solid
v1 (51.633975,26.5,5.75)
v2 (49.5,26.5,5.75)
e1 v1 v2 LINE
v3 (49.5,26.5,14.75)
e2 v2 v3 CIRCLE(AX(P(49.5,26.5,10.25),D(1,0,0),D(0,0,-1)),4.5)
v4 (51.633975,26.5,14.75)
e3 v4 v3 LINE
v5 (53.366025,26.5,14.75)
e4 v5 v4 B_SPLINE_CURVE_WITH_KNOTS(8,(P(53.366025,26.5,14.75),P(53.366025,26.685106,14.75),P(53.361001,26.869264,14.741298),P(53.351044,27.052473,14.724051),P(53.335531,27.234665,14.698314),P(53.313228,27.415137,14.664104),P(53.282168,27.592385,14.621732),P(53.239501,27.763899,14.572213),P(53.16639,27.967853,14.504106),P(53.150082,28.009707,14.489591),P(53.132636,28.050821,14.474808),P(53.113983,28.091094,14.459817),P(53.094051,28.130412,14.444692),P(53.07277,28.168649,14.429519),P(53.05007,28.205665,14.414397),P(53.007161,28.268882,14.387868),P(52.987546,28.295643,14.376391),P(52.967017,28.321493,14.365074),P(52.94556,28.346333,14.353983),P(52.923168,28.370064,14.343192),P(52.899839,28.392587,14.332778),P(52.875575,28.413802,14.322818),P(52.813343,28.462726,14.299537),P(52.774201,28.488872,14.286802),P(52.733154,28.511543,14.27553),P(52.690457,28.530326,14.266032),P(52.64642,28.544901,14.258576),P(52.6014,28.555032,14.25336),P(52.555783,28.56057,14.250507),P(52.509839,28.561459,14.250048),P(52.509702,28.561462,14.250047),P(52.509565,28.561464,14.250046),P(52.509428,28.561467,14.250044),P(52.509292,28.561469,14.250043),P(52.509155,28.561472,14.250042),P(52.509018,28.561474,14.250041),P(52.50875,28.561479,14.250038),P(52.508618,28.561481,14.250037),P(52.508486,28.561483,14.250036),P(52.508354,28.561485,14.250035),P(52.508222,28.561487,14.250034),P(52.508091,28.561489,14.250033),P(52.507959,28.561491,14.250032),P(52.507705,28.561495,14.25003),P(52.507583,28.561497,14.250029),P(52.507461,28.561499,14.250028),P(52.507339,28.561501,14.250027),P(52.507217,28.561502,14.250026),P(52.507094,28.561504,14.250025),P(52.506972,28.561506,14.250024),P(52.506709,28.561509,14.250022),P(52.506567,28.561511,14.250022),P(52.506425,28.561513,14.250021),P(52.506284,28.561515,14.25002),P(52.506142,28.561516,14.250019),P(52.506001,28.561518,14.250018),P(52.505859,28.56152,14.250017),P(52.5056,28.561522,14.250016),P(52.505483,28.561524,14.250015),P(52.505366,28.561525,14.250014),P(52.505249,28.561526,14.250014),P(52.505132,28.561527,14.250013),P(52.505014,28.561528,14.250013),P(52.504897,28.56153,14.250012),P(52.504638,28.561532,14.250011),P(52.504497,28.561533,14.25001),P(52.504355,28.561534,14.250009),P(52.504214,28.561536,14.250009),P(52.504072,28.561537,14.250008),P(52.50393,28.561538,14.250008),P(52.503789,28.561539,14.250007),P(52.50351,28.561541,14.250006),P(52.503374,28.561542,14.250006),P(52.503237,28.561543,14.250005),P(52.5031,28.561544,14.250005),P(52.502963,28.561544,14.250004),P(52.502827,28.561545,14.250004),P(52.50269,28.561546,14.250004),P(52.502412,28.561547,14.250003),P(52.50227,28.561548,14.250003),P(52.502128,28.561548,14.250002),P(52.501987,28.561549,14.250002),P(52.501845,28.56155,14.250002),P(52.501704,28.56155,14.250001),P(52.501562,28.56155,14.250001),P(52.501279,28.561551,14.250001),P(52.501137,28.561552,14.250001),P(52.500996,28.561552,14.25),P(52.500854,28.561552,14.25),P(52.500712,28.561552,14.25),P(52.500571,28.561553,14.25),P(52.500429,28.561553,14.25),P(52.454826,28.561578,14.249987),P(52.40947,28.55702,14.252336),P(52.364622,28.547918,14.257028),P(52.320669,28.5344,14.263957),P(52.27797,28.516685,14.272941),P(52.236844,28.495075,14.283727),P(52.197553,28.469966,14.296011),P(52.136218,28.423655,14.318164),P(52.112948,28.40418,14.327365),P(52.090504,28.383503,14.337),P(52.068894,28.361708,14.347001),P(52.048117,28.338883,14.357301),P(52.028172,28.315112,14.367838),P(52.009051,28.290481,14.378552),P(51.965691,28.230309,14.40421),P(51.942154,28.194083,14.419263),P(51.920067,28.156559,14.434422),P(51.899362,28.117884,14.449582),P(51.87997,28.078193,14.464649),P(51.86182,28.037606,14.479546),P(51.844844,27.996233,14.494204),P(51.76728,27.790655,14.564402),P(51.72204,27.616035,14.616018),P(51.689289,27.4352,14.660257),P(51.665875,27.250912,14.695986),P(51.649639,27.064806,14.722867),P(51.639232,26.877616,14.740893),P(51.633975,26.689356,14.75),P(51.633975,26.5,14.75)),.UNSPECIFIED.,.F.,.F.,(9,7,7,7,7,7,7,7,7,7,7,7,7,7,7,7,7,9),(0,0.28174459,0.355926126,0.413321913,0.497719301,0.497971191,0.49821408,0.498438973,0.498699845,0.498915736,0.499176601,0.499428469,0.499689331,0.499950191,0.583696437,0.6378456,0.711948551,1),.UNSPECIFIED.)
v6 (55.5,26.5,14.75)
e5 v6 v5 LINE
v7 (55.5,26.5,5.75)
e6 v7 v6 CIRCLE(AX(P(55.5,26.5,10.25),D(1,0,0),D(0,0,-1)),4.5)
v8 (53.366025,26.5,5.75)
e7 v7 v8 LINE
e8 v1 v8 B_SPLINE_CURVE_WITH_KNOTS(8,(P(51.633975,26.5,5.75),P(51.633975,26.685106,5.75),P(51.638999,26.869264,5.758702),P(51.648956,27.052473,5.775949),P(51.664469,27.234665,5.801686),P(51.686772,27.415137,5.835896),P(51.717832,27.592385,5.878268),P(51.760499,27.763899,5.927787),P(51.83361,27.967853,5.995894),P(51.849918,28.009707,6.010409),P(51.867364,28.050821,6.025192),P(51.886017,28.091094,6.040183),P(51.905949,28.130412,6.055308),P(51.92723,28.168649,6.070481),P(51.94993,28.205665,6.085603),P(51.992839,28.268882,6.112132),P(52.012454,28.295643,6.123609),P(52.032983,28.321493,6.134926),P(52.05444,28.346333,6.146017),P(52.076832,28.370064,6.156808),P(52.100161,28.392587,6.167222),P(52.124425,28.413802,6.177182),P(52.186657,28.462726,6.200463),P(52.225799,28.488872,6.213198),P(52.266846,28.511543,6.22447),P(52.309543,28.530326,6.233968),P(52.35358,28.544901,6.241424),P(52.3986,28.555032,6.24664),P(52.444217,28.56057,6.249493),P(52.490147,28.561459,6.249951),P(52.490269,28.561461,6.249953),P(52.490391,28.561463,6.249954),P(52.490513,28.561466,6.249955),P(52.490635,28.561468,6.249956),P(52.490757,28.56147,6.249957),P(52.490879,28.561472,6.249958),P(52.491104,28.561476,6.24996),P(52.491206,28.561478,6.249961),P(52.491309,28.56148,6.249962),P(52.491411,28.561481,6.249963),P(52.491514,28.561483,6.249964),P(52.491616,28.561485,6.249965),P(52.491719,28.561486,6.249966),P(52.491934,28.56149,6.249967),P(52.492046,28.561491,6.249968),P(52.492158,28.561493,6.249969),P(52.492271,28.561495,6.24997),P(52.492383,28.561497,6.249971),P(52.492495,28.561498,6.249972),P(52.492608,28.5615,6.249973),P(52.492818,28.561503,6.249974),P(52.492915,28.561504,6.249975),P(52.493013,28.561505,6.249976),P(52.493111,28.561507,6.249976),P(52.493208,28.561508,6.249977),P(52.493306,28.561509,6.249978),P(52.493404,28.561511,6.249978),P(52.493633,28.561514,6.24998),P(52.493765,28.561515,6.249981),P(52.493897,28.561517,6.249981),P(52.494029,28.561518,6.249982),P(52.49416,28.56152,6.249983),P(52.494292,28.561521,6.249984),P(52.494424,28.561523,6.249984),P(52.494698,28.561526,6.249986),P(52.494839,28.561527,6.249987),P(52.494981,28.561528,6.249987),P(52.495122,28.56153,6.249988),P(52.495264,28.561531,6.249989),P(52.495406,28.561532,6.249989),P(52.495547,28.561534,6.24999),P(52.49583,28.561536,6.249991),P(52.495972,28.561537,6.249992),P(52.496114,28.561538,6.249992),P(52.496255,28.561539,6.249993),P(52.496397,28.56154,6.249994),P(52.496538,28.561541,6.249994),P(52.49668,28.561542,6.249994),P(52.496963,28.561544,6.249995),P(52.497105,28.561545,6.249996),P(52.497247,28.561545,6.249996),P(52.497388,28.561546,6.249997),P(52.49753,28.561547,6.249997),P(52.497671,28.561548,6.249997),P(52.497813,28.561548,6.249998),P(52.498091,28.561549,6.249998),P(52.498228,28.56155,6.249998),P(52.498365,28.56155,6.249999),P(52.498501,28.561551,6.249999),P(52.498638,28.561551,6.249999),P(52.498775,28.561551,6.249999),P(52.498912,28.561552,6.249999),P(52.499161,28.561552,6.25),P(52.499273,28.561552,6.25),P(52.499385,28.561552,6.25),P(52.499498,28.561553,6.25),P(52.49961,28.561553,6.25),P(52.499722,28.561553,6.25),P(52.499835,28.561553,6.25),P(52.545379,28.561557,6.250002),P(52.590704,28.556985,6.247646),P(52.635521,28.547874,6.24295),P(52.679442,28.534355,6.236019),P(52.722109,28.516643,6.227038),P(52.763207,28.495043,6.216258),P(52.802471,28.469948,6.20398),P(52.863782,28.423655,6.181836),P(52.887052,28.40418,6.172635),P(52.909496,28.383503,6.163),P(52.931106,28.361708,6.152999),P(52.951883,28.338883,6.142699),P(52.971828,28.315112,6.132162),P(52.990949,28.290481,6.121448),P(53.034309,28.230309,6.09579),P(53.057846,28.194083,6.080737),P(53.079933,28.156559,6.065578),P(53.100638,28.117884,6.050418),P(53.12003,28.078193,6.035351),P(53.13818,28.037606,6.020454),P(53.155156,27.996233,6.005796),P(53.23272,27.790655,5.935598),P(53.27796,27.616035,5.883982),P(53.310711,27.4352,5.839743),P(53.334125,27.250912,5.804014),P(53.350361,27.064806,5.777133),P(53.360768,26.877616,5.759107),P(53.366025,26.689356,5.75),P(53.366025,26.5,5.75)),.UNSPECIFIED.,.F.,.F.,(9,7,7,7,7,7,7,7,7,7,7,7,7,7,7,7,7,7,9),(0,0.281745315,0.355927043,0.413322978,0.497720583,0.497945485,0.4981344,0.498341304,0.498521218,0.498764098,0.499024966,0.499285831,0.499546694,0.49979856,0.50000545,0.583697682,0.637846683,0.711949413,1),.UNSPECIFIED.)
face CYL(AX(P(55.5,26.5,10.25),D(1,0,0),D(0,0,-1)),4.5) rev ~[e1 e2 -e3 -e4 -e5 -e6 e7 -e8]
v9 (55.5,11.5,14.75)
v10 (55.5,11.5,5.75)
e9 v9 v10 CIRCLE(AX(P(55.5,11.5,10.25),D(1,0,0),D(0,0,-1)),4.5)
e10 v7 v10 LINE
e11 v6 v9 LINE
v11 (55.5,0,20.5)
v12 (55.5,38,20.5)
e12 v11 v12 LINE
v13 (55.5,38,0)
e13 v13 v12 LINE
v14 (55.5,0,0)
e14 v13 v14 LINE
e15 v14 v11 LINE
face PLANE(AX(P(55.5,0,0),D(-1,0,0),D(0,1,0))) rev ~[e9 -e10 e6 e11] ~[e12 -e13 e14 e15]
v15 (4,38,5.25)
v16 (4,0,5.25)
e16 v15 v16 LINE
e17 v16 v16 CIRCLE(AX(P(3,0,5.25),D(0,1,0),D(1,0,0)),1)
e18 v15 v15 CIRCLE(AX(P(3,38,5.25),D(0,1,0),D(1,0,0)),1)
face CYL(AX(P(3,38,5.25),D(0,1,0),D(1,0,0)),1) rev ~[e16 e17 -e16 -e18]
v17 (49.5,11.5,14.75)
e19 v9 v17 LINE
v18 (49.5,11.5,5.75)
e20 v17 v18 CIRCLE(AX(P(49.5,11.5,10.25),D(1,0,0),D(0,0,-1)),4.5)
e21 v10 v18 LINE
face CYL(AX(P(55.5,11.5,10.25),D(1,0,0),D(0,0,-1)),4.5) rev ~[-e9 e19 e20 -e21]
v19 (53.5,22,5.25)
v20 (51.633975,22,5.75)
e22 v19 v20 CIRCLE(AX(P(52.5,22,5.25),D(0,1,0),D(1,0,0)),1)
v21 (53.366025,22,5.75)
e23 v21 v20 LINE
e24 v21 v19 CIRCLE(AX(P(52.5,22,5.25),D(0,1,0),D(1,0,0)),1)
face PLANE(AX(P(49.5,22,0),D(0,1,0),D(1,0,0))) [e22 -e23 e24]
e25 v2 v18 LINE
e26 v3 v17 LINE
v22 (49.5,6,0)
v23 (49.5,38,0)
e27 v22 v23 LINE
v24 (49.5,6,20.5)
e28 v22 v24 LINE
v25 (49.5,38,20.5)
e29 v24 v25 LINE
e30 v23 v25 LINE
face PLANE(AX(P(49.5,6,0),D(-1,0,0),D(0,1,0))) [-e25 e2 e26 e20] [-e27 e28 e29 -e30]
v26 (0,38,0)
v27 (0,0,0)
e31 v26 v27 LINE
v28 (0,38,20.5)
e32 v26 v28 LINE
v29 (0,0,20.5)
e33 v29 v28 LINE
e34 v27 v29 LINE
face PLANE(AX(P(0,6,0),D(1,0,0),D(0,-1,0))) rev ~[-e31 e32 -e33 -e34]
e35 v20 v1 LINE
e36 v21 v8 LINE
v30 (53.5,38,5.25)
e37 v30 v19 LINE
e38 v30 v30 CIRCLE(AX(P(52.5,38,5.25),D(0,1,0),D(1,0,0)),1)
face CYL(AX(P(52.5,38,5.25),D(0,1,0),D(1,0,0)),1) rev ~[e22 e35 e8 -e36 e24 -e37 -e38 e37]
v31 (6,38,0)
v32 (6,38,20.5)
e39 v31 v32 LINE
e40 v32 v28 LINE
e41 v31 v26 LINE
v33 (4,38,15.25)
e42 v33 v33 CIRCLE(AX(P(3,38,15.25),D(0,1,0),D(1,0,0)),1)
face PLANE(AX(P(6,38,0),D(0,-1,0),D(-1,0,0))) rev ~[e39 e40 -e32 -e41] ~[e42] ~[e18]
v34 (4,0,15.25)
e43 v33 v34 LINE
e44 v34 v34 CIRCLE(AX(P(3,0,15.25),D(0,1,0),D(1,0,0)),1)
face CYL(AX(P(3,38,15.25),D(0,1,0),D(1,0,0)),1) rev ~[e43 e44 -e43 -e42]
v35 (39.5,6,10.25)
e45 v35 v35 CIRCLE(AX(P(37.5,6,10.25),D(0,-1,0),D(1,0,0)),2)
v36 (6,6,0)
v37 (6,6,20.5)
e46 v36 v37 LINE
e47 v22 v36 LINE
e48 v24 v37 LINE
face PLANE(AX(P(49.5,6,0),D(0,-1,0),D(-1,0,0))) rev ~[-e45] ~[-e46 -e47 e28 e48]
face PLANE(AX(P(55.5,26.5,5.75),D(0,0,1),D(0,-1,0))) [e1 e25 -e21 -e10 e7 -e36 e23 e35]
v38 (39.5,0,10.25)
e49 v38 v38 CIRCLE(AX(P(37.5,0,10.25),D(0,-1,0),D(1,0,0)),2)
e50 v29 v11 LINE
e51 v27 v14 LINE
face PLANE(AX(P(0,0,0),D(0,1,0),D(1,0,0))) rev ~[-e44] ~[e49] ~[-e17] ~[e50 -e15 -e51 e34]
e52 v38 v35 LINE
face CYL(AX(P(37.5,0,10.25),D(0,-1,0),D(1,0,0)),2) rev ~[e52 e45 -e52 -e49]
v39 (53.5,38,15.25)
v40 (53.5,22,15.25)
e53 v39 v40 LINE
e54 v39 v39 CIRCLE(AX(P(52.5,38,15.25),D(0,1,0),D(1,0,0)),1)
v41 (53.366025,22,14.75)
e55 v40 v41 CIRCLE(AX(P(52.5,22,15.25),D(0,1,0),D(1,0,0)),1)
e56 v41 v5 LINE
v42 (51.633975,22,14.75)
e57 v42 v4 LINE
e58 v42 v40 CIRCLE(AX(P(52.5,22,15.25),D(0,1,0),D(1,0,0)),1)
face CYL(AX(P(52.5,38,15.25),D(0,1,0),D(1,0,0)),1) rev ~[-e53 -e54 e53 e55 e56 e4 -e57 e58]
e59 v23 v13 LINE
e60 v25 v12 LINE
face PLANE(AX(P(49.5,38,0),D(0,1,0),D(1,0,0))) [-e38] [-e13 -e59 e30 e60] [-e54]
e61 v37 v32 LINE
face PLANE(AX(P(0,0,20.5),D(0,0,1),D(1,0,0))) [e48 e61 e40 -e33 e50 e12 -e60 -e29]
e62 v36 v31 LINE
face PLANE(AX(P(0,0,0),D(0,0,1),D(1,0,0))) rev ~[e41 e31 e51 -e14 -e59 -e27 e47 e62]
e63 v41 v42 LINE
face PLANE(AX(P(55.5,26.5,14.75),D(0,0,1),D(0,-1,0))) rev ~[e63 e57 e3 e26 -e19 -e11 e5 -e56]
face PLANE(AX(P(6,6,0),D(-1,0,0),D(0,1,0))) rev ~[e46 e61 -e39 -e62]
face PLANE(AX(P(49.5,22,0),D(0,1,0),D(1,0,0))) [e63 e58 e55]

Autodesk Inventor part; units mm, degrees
ref_plane "YZ Plane" through (0, 0, 0) normal (1, 0, 0) x (0, 1, 0)
ref_plane "XZ Plane" through (0, 0, 0) normal (0, 1, 0) x (-1, 0, 0)
ref_plane "XY Plane" through (0, 0, 0) normal (0, 0, 1) x (1, 0, 0)
sketch "Эскиз1" plane through (0, 0, 0) normal (0, 0, 1) x (1, 0, 0)
  line L0 (0, 0) -> (55.5, 0)
  line L1 (55.5, 0) -> (55.5, 6)
  line L2 (55.5, 6) -> (0, 6)
  line L3 (0, 6) -> (0, 0)
  line L4 (0, 6) -> (6, 6)
  line L5 (6, 6) -> (6, 38)
  line L6 (6, 38) -> (0, 38)
  line L7 (0, 38) -> (0, 6)
  line L8 (55.5, 6) -> (49.5, 6)
  line L9 (49.5, 6) -> (49.5, 38)
  line L10 (49.5, 38) -> (55.5, 38)
  line L11 (55.5, 38) -> (55.5, 6)
  dimension "d0" = 38
  dimension "d1" = 6
  dimension "d2" = 6
  dimension "d3" = 6
  dimension "d4" = 38
  dimension "d5" = 55.5
extrude "Выдавливание1" add sketch "Эскиз1" along normal blind 20.5
sketch "Эскиз2" plane through (55.5, 0, 0) normal (1, 0, 0) x (0, 0, -1)
  circle A0 centre (-10.25, 26.5) radius 4.5
  circle A1 centre (-10.25, 11.5) radius 4.5
  line L0 (-5.75, 26.5) -> (-5.75, 11.5)
  line L1 (-14.75, 26.5) -> (-14.75, 11.5)
  line L2 (0, 0) -> (-20.5, 0) projected
  point P0 (-10.25, 0)
  dimension "d8" = 9
  dimension "d9" = 11.5
  dimension "d10" = 24
extrude "Выдавливание2" cut sketch "Эскиз2" against normal up to next
sketch "Эскиз3" plane through (0, 0, 0) normal (0, -1, 0) x (1, 0, 0)
  circle A0 centre (37.5, 10.25) radius 2
  line L0 (55.5, 0) -> (55.5, 20.5) projected
  point P0 (0, 0)
  point P1 (55.5, 10.25)
  dimension "d13" = 4
  dimension "d14" = 18
extrude "Выдавливание3" cut sketch "Эскиз3" against normal up to next
sketch "Эскиз4" plane through (49.5, 38, 0) normal (0, 1, 0) x (1, 0, 0)
  circle A0 centre (3, -15.25) radius 1
  circle A1 centre (3, -5.25) radius 1
  line L0 (0, 0) -> (0, -20.5) projected
  line L1 (6, -20.5) -> (0, -20.5) projected
  line L2 (3, -5.25) -> (3, -15.25) construction
  point P0 (-49.5, 0)
  point P1 (3, -10.25)
  point P2 (0, -10.25)
  dimension "d17" = 2
  dimension "d18" = 10
  dimension "d19" = 2
extrude "Выдавливание4" cut sketch "Эскиз4" against normal blind 16
sketch "Эскиз5" plane through (0, 38, 0) normal (0, 1, 0) x (1, 0, 0)
  circle A0 centre (3, -5.25) radius 1
  circle A1 centre (3, -15.25) radius 1
  circle A2 centre (52.5, -5.25) radius 1 projected
  circle A3 centre (52.5, -15.25) radius 1 projected
  line L0 (6, 0) -> (0, 0) projected
  point P0 (3, 0)
  dimension "d23" = 2
extrude "Выдавливание5" cut sketch "Эскиз5" against normal up to next contours A0 | A1
sketch "Эскиз6" plane through (0, 0, 20.5) normal (0, 0, 1) x (1, 0, 0)
  point P0 (0, 0)
properties part number "kreplenie2"
